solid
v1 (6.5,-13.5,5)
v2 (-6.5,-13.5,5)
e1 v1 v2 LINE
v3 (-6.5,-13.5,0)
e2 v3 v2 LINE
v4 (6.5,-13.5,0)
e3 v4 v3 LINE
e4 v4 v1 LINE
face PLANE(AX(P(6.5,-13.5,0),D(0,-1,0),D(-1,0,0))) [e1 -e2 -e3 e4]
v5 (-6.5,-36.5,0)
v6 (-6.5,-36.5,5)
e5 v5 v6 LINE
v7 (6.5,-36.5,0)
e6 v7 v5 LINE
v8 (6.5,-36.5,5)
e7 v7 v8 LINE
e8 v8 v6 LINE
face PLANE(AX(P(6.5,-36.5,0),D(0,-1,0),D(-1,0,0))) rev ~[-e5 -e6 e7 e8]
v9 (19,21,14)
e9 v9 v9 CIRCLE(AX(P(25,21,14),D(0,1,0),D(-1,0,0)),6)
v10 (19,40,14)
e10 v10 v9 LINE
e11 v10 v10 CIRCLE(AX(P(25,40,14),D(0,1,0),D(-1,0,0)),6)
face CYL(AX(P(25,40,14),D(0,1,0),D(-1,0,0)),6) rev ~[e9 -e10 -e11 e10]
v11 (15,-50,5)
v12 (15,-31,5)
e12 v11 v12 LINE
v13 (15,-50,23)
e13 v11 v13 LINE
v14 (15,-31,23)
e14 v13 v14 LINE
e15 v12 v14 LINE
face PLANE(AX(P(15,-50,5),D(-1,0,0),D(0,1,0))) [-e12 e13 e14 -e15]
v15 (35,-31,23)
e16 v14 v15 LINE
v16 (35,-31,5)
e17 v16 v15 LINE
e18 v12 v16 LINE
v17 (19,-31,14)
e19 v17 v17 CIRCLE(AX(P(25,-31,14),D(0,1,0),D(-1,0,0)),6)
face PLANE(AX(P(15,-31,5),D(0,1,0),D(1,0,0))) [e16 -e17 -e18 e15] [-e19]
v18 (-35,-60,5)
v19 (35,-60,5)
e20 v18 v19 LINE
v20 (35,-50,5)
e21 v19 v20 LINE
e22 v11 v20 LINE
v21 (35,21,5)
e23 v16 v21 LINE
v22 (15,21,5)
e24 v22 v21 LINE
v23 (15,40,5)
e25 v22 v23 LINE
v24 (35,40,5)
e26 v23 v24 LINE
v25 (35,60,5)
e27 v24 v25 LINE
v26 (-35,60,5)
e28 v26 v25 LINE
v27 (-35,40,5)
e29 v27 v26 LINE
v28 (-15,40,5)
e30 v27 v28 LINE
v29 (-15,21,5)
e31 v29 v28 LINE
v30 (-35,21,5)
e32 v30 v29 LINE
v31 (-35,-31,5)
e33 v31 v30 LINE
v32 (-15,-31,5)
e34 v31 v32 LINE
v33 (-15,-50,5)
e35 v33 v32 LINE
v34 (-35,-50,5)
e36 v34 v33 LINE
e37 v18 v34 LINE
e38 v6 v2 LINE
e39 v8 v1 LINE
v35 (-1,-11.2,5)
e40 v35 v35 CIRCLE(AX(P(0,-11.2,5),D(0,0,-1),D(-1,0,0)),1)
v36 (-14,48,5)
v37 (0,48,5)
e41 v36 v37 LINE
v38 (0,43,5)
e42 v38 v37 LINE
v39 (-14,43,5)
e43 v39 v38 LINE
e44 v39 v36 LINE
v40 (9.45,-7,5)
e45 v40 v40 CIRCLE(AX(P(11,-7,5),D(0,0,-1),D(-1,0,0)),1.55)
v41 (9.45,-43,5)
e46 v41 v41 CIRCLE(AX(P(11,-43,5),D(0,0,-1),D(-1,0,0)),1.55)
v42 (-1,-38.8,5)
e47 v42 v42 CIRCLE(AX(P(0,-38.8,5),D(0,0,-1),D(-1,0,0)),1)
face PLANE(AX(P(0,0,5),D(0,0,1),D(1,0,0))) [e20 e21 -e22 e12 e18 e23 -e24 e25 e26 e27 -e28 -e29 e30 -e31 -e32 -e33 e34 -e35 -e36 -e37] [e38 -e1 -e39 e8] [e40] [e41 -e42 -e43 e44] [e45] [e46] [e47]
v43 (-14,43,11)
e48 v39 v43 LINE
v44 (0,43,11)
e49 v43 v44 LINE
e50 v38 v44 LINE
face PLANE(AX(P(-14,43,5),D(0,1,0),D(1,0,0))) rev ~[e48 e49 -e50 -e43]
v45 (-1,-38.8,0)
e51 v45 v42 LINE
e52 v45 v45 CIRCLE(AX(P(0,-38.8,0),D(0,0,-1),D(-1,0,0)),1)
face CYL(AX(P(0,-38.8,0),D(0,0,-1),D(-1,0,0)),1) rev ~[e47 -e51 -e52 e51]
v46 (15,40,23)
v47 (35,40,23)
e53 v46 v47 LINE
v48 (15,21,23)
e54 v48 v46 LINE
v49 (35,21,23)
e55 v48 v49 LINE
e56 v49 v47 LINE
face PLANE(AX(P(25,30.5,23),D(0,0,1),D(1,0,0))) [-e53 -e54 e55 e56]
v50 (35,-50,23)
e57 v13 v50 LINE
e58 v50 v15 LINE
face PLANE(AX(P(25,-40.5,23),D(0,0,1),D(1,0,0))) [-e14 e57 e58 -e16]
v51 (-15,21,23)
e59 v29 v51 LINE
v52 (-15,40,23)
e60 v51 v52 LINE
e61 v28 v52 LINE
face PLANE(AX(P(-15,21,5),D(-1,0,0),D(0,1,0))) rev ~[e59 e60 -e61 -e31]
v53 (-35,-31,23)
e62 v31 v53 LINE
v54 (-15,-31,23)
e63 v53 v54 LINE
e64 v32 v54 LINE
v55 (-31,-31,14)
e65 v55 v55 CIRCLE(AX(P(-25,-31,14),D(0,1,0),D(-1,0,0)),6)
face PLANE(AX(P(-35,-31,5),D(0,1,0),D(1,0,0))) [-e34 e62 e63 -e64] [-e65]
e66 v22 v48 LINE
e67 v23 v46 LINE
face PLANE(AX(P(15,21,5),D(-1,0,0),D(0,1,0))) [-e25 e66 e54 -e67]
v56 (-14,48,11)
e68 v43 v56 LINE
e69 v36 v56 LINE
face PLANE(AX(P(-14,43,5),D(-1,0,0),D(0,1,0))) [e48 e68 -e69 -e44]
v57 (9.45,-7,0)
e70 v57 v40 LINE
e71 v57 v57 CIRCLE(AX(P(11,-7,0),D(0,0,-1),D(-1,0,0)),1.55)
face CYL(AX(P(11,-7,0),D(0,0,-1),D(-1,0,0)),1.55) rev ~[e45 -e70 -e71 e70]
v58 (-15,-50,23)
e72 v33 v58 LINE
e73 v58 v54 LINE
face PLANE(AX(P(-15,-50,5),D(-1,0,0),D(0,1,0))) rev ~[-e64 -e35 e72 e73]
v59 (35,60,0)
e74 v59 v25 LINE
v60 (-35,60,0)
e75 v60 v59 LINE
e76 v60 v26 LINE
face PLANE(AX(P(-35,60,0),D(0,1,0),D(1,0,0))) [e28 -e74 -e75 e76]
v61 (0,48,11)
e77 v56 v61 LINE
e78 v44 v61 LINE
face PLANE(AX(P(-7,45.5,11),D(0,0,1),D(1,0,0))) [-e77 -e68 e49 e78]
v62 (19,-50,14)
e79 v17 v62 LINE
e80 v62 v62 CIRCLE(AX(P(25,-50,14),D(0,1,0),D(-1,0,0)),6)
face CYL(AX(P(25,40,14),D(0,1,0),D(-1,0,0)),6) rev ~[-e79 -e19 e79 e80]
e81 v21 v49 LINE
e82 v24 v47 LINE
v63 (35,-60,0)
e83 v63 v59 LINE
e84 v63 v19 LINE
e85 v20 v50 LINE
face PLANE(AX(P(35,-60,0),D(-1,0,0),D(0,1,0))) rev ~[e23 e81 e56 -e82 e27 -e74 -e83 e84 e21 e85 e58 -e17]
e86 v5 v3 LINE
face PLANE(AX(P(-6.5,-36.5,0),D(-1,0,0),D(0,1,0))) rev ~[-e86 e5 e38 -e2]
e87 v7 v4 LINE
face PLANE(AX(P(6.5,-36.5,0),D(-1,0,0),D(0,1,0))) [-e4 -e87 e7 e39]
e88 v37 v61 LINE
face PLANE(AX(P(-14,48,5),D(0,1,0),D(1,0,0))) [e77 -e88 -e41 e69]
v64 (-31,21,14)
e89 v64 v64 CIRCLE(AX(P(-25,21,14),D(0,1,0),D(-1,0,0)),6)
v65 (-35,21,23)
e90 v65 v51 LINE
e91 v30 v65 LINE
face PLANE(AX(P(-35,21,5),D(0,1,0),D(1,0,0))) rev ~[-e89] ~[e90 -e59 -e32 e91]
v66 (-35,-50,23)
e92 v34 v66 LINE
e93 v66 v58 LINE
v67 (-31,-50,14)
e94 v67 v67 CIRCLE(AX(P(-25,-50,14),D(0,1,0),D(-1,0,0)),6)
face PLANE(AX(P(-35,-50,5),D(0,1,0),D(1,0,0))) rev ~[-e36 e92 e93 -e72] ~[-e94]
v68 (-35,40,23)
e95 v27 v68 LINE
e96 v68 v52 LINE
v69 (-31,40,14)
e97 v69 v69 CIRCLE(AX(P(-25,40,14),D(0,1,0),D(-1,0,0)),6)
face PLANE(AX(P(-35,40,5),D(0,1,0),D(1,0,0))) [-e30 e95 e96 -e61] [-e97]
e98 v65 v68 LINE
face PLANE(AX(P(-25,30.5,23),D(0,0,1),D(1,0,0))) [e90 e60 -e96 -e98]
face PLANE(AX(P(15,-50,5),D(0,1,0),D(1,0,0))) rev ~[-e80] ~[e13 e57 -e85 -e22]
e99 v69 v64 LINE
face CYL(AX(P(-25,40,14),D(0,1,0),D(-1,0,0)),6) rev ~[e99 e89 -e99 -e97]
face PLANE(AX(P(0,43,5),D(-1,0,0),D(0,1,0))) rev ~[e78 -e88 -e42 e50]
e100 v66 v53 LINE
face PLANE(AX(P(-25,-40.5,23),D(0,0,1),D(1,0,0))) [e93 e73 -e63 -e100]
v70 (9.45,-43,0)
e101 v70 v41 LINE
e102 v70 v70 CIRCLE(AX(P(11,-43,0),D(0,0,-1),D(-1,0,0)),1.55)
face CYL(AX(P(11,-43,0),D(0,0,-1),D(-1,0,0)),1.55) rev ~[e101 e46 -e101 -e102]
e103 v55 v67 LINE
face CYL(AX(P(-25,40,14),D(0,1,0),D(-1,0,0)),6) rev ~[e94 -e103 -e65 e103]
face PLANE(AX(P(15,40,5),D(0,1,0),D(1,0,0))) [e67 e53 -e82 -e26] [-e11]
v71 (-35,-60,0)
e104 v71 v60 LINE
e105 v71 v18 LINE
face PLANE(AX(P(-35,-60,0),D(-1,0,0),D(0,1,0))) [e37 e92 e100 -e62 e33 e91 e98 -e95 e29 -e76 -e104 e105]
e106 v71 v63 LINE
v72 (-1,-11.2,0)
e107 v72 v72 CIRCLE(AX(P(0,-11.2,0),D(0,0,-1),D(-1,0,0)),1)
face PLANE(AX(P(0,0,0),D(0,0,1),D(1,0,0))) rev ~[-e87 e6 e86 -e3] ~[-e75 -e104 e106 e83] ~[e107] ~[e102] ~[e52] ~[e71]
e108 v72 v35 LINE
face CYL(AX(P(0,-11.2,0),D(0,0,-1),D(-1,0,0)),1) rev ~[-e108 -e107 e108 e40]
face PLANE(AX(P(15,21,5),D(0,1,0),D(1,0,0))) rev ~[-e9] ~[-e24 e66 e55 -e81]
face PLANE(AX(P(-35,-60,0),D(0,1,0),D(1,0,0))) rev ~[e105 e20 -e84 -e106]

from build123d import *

# Parameters (mm, degrees)
SKETCH1_W           = 70
SKETCH1_H           = 120
BOSS_EXTRUDE1_DEPTH = 5
SKETCH2_W           = 20
SKETCH2_H           = 19
BOSS_EXTRUDE2_DEPTH = 18
SKETCH3_R           = 6
CUT_EXTRUDE1_DEPTH  = 109.415865998
CUT_EXTRUDE2_REACH  = 75.171
SKETCH4_R           = 1
SKETCH4_W           = 13
SKETCH4_H           = 23
SKETCH5_W           = 14
SKETCH5_H           = 5
BOSS_EXTRUDE3_DEPTH = 6
SKETCH6_R           = 1.55
CUT_EXTRUDE3_DEPTH  = 74.17103252


with BuildPart() as part:
    # Sketch1 → Boss-Extrude1 (new body)
    with BuildSketch(Plane.XY):
        Rectangle(SKETCH1_W, SKETCH1_H)
    extrude(amount=BOSS_EXTRUDE1_DEPTH)

    # Sketch2 → Boss-Extrude2 (add)
    with BuildSketch(Plane.XY.offset(5)):
        with Locations((-25, 30.5)):
            Rectangle(SKETCH2_W, SKETCH2_H)
        with Locations((25, 30.5)):
            Rectangle(SKETCH2_W, SKETCH2_H)
        with Locations((-25, -40.5)):
            Rectangle(SKETCH2_W, SKETCH2_H)
        with Locations((25, -40.5)):
            Rectangle(SKETCH2_W, SKETCH2_H)
    extrude(amount=BOSS_EXTRUDE2_DEPTH)

    # Sketch3 → Cut-Extrude1 (cut, through all)
    with BuildSketch(Plane(origin=(0, 40, 0), x_dir=(1, 0, 0), z_dir=(0, 1, 0))):
        with Locations(Location((-25, -14, 0), (0, 0, 180))):
            Circle(SKETCH3_R)
        with Locations(Location((25, -14, 0), (0, 0, 180))):
            Circle(SKETCH3_R)
    extrude(amount=-CUT_EXTRUDE1_DEPTH, mode=Mode.SUBTRACT)

    # Sketch4 → Cut-Extrude2 (cut, up to next)
    with BuildSketch(Plane(origin=(0, 0, 0), x_dir=(-1, 0, 0), z_dir=(0, 0, -1)), mode=Mode.PRIVATE) as cut_extrude2_sk1:
        with Locations((0, -11.2)):
            Circle(SKETCH4_R)
    cut_extrude2_tool1 = extrude(cut_extrude2_sk1.sketch, amount=-CUT_EXTRUDE2_REACH, mode=Mode.PRIVATE) & part.part
    # Sketch4 → Cut-Extrude2 (cut, up to next)
    with BuildSketch(Plane(origin=(0, 0, 0), x_dir=(-1, 0, 0), z_dir=(0, 0, -1)), mode=Mode.PRIVATE) as cut_extrude2_sk2:
        with Locations((0, -38.8)):
            Circle(SKETCH4_R)
    cut_extrude2_tool2 = extrude(cut_extrude2_sk2.sketch, amount=-CUT_EXTRUDE2_REACH, mode=Mode.PRIVATE) & part.part
    # Sketch4 → Cut-Extrude2 (cut, up to next)
    with BuildSketch(Plane(origin=(0, 0, 0), x_dir=(-1, 0, 0), z_dir=(0, 0, -1)), mode=Mode.PRIVATE) as cut_extrude2_sk3:
        with Locations((0, -25)):
            Rectangle(SKETCH4_W, SKETCH4_H)
    cut_extrude2_tool3 = extrude(cut_extrude2_sk3.sketch, amount=-CUT_EXTRUDE2_REACH, mode=Mode.PRIVATE) & part.part
    add(cut_extrude2_tool1.solids().sort_by_distance((0, -11.2, 0))[0], mode=Mode.SUBTRACT)
    add(cut_extrude2_tool2.solids().sort_by_distance((0, -38.8, 0))[0], mode=Mode.SUBTRACT)
    add(cut_extrude2_tool3.solids().sort_by_distance((0, -25, 0))[0], mode=Mode.SUBTRACT)

    # Sketch5 → Boss-Extrude3 (add)
    with BuildSketch(Plane.XY.offset(5)):
        with Locations((-7, 45.5)):
            Rectangle(SKETCH5_W, SKETCH5_H)
    extrude(amount=BOSS_EXTRUDE3_DEPTH)

    # Sketch6 → Cut-Extrude3 (cut, through all)
    with BuildSketch(Plane(origin=(0, 0, 0), x_dir=(-1, 0, 0), z_dir=(0, 0, -1))):
        with Locations((-11, -7)):
            Circle(SKETCH6_R)
        with Locations((-11, -43)):
            Circle(SKETCH6_R)
    extrude(amount=-CUT_EXTRUDE3_DEPTH, mode=Mode.SUBTRACT)


solid = part.part
